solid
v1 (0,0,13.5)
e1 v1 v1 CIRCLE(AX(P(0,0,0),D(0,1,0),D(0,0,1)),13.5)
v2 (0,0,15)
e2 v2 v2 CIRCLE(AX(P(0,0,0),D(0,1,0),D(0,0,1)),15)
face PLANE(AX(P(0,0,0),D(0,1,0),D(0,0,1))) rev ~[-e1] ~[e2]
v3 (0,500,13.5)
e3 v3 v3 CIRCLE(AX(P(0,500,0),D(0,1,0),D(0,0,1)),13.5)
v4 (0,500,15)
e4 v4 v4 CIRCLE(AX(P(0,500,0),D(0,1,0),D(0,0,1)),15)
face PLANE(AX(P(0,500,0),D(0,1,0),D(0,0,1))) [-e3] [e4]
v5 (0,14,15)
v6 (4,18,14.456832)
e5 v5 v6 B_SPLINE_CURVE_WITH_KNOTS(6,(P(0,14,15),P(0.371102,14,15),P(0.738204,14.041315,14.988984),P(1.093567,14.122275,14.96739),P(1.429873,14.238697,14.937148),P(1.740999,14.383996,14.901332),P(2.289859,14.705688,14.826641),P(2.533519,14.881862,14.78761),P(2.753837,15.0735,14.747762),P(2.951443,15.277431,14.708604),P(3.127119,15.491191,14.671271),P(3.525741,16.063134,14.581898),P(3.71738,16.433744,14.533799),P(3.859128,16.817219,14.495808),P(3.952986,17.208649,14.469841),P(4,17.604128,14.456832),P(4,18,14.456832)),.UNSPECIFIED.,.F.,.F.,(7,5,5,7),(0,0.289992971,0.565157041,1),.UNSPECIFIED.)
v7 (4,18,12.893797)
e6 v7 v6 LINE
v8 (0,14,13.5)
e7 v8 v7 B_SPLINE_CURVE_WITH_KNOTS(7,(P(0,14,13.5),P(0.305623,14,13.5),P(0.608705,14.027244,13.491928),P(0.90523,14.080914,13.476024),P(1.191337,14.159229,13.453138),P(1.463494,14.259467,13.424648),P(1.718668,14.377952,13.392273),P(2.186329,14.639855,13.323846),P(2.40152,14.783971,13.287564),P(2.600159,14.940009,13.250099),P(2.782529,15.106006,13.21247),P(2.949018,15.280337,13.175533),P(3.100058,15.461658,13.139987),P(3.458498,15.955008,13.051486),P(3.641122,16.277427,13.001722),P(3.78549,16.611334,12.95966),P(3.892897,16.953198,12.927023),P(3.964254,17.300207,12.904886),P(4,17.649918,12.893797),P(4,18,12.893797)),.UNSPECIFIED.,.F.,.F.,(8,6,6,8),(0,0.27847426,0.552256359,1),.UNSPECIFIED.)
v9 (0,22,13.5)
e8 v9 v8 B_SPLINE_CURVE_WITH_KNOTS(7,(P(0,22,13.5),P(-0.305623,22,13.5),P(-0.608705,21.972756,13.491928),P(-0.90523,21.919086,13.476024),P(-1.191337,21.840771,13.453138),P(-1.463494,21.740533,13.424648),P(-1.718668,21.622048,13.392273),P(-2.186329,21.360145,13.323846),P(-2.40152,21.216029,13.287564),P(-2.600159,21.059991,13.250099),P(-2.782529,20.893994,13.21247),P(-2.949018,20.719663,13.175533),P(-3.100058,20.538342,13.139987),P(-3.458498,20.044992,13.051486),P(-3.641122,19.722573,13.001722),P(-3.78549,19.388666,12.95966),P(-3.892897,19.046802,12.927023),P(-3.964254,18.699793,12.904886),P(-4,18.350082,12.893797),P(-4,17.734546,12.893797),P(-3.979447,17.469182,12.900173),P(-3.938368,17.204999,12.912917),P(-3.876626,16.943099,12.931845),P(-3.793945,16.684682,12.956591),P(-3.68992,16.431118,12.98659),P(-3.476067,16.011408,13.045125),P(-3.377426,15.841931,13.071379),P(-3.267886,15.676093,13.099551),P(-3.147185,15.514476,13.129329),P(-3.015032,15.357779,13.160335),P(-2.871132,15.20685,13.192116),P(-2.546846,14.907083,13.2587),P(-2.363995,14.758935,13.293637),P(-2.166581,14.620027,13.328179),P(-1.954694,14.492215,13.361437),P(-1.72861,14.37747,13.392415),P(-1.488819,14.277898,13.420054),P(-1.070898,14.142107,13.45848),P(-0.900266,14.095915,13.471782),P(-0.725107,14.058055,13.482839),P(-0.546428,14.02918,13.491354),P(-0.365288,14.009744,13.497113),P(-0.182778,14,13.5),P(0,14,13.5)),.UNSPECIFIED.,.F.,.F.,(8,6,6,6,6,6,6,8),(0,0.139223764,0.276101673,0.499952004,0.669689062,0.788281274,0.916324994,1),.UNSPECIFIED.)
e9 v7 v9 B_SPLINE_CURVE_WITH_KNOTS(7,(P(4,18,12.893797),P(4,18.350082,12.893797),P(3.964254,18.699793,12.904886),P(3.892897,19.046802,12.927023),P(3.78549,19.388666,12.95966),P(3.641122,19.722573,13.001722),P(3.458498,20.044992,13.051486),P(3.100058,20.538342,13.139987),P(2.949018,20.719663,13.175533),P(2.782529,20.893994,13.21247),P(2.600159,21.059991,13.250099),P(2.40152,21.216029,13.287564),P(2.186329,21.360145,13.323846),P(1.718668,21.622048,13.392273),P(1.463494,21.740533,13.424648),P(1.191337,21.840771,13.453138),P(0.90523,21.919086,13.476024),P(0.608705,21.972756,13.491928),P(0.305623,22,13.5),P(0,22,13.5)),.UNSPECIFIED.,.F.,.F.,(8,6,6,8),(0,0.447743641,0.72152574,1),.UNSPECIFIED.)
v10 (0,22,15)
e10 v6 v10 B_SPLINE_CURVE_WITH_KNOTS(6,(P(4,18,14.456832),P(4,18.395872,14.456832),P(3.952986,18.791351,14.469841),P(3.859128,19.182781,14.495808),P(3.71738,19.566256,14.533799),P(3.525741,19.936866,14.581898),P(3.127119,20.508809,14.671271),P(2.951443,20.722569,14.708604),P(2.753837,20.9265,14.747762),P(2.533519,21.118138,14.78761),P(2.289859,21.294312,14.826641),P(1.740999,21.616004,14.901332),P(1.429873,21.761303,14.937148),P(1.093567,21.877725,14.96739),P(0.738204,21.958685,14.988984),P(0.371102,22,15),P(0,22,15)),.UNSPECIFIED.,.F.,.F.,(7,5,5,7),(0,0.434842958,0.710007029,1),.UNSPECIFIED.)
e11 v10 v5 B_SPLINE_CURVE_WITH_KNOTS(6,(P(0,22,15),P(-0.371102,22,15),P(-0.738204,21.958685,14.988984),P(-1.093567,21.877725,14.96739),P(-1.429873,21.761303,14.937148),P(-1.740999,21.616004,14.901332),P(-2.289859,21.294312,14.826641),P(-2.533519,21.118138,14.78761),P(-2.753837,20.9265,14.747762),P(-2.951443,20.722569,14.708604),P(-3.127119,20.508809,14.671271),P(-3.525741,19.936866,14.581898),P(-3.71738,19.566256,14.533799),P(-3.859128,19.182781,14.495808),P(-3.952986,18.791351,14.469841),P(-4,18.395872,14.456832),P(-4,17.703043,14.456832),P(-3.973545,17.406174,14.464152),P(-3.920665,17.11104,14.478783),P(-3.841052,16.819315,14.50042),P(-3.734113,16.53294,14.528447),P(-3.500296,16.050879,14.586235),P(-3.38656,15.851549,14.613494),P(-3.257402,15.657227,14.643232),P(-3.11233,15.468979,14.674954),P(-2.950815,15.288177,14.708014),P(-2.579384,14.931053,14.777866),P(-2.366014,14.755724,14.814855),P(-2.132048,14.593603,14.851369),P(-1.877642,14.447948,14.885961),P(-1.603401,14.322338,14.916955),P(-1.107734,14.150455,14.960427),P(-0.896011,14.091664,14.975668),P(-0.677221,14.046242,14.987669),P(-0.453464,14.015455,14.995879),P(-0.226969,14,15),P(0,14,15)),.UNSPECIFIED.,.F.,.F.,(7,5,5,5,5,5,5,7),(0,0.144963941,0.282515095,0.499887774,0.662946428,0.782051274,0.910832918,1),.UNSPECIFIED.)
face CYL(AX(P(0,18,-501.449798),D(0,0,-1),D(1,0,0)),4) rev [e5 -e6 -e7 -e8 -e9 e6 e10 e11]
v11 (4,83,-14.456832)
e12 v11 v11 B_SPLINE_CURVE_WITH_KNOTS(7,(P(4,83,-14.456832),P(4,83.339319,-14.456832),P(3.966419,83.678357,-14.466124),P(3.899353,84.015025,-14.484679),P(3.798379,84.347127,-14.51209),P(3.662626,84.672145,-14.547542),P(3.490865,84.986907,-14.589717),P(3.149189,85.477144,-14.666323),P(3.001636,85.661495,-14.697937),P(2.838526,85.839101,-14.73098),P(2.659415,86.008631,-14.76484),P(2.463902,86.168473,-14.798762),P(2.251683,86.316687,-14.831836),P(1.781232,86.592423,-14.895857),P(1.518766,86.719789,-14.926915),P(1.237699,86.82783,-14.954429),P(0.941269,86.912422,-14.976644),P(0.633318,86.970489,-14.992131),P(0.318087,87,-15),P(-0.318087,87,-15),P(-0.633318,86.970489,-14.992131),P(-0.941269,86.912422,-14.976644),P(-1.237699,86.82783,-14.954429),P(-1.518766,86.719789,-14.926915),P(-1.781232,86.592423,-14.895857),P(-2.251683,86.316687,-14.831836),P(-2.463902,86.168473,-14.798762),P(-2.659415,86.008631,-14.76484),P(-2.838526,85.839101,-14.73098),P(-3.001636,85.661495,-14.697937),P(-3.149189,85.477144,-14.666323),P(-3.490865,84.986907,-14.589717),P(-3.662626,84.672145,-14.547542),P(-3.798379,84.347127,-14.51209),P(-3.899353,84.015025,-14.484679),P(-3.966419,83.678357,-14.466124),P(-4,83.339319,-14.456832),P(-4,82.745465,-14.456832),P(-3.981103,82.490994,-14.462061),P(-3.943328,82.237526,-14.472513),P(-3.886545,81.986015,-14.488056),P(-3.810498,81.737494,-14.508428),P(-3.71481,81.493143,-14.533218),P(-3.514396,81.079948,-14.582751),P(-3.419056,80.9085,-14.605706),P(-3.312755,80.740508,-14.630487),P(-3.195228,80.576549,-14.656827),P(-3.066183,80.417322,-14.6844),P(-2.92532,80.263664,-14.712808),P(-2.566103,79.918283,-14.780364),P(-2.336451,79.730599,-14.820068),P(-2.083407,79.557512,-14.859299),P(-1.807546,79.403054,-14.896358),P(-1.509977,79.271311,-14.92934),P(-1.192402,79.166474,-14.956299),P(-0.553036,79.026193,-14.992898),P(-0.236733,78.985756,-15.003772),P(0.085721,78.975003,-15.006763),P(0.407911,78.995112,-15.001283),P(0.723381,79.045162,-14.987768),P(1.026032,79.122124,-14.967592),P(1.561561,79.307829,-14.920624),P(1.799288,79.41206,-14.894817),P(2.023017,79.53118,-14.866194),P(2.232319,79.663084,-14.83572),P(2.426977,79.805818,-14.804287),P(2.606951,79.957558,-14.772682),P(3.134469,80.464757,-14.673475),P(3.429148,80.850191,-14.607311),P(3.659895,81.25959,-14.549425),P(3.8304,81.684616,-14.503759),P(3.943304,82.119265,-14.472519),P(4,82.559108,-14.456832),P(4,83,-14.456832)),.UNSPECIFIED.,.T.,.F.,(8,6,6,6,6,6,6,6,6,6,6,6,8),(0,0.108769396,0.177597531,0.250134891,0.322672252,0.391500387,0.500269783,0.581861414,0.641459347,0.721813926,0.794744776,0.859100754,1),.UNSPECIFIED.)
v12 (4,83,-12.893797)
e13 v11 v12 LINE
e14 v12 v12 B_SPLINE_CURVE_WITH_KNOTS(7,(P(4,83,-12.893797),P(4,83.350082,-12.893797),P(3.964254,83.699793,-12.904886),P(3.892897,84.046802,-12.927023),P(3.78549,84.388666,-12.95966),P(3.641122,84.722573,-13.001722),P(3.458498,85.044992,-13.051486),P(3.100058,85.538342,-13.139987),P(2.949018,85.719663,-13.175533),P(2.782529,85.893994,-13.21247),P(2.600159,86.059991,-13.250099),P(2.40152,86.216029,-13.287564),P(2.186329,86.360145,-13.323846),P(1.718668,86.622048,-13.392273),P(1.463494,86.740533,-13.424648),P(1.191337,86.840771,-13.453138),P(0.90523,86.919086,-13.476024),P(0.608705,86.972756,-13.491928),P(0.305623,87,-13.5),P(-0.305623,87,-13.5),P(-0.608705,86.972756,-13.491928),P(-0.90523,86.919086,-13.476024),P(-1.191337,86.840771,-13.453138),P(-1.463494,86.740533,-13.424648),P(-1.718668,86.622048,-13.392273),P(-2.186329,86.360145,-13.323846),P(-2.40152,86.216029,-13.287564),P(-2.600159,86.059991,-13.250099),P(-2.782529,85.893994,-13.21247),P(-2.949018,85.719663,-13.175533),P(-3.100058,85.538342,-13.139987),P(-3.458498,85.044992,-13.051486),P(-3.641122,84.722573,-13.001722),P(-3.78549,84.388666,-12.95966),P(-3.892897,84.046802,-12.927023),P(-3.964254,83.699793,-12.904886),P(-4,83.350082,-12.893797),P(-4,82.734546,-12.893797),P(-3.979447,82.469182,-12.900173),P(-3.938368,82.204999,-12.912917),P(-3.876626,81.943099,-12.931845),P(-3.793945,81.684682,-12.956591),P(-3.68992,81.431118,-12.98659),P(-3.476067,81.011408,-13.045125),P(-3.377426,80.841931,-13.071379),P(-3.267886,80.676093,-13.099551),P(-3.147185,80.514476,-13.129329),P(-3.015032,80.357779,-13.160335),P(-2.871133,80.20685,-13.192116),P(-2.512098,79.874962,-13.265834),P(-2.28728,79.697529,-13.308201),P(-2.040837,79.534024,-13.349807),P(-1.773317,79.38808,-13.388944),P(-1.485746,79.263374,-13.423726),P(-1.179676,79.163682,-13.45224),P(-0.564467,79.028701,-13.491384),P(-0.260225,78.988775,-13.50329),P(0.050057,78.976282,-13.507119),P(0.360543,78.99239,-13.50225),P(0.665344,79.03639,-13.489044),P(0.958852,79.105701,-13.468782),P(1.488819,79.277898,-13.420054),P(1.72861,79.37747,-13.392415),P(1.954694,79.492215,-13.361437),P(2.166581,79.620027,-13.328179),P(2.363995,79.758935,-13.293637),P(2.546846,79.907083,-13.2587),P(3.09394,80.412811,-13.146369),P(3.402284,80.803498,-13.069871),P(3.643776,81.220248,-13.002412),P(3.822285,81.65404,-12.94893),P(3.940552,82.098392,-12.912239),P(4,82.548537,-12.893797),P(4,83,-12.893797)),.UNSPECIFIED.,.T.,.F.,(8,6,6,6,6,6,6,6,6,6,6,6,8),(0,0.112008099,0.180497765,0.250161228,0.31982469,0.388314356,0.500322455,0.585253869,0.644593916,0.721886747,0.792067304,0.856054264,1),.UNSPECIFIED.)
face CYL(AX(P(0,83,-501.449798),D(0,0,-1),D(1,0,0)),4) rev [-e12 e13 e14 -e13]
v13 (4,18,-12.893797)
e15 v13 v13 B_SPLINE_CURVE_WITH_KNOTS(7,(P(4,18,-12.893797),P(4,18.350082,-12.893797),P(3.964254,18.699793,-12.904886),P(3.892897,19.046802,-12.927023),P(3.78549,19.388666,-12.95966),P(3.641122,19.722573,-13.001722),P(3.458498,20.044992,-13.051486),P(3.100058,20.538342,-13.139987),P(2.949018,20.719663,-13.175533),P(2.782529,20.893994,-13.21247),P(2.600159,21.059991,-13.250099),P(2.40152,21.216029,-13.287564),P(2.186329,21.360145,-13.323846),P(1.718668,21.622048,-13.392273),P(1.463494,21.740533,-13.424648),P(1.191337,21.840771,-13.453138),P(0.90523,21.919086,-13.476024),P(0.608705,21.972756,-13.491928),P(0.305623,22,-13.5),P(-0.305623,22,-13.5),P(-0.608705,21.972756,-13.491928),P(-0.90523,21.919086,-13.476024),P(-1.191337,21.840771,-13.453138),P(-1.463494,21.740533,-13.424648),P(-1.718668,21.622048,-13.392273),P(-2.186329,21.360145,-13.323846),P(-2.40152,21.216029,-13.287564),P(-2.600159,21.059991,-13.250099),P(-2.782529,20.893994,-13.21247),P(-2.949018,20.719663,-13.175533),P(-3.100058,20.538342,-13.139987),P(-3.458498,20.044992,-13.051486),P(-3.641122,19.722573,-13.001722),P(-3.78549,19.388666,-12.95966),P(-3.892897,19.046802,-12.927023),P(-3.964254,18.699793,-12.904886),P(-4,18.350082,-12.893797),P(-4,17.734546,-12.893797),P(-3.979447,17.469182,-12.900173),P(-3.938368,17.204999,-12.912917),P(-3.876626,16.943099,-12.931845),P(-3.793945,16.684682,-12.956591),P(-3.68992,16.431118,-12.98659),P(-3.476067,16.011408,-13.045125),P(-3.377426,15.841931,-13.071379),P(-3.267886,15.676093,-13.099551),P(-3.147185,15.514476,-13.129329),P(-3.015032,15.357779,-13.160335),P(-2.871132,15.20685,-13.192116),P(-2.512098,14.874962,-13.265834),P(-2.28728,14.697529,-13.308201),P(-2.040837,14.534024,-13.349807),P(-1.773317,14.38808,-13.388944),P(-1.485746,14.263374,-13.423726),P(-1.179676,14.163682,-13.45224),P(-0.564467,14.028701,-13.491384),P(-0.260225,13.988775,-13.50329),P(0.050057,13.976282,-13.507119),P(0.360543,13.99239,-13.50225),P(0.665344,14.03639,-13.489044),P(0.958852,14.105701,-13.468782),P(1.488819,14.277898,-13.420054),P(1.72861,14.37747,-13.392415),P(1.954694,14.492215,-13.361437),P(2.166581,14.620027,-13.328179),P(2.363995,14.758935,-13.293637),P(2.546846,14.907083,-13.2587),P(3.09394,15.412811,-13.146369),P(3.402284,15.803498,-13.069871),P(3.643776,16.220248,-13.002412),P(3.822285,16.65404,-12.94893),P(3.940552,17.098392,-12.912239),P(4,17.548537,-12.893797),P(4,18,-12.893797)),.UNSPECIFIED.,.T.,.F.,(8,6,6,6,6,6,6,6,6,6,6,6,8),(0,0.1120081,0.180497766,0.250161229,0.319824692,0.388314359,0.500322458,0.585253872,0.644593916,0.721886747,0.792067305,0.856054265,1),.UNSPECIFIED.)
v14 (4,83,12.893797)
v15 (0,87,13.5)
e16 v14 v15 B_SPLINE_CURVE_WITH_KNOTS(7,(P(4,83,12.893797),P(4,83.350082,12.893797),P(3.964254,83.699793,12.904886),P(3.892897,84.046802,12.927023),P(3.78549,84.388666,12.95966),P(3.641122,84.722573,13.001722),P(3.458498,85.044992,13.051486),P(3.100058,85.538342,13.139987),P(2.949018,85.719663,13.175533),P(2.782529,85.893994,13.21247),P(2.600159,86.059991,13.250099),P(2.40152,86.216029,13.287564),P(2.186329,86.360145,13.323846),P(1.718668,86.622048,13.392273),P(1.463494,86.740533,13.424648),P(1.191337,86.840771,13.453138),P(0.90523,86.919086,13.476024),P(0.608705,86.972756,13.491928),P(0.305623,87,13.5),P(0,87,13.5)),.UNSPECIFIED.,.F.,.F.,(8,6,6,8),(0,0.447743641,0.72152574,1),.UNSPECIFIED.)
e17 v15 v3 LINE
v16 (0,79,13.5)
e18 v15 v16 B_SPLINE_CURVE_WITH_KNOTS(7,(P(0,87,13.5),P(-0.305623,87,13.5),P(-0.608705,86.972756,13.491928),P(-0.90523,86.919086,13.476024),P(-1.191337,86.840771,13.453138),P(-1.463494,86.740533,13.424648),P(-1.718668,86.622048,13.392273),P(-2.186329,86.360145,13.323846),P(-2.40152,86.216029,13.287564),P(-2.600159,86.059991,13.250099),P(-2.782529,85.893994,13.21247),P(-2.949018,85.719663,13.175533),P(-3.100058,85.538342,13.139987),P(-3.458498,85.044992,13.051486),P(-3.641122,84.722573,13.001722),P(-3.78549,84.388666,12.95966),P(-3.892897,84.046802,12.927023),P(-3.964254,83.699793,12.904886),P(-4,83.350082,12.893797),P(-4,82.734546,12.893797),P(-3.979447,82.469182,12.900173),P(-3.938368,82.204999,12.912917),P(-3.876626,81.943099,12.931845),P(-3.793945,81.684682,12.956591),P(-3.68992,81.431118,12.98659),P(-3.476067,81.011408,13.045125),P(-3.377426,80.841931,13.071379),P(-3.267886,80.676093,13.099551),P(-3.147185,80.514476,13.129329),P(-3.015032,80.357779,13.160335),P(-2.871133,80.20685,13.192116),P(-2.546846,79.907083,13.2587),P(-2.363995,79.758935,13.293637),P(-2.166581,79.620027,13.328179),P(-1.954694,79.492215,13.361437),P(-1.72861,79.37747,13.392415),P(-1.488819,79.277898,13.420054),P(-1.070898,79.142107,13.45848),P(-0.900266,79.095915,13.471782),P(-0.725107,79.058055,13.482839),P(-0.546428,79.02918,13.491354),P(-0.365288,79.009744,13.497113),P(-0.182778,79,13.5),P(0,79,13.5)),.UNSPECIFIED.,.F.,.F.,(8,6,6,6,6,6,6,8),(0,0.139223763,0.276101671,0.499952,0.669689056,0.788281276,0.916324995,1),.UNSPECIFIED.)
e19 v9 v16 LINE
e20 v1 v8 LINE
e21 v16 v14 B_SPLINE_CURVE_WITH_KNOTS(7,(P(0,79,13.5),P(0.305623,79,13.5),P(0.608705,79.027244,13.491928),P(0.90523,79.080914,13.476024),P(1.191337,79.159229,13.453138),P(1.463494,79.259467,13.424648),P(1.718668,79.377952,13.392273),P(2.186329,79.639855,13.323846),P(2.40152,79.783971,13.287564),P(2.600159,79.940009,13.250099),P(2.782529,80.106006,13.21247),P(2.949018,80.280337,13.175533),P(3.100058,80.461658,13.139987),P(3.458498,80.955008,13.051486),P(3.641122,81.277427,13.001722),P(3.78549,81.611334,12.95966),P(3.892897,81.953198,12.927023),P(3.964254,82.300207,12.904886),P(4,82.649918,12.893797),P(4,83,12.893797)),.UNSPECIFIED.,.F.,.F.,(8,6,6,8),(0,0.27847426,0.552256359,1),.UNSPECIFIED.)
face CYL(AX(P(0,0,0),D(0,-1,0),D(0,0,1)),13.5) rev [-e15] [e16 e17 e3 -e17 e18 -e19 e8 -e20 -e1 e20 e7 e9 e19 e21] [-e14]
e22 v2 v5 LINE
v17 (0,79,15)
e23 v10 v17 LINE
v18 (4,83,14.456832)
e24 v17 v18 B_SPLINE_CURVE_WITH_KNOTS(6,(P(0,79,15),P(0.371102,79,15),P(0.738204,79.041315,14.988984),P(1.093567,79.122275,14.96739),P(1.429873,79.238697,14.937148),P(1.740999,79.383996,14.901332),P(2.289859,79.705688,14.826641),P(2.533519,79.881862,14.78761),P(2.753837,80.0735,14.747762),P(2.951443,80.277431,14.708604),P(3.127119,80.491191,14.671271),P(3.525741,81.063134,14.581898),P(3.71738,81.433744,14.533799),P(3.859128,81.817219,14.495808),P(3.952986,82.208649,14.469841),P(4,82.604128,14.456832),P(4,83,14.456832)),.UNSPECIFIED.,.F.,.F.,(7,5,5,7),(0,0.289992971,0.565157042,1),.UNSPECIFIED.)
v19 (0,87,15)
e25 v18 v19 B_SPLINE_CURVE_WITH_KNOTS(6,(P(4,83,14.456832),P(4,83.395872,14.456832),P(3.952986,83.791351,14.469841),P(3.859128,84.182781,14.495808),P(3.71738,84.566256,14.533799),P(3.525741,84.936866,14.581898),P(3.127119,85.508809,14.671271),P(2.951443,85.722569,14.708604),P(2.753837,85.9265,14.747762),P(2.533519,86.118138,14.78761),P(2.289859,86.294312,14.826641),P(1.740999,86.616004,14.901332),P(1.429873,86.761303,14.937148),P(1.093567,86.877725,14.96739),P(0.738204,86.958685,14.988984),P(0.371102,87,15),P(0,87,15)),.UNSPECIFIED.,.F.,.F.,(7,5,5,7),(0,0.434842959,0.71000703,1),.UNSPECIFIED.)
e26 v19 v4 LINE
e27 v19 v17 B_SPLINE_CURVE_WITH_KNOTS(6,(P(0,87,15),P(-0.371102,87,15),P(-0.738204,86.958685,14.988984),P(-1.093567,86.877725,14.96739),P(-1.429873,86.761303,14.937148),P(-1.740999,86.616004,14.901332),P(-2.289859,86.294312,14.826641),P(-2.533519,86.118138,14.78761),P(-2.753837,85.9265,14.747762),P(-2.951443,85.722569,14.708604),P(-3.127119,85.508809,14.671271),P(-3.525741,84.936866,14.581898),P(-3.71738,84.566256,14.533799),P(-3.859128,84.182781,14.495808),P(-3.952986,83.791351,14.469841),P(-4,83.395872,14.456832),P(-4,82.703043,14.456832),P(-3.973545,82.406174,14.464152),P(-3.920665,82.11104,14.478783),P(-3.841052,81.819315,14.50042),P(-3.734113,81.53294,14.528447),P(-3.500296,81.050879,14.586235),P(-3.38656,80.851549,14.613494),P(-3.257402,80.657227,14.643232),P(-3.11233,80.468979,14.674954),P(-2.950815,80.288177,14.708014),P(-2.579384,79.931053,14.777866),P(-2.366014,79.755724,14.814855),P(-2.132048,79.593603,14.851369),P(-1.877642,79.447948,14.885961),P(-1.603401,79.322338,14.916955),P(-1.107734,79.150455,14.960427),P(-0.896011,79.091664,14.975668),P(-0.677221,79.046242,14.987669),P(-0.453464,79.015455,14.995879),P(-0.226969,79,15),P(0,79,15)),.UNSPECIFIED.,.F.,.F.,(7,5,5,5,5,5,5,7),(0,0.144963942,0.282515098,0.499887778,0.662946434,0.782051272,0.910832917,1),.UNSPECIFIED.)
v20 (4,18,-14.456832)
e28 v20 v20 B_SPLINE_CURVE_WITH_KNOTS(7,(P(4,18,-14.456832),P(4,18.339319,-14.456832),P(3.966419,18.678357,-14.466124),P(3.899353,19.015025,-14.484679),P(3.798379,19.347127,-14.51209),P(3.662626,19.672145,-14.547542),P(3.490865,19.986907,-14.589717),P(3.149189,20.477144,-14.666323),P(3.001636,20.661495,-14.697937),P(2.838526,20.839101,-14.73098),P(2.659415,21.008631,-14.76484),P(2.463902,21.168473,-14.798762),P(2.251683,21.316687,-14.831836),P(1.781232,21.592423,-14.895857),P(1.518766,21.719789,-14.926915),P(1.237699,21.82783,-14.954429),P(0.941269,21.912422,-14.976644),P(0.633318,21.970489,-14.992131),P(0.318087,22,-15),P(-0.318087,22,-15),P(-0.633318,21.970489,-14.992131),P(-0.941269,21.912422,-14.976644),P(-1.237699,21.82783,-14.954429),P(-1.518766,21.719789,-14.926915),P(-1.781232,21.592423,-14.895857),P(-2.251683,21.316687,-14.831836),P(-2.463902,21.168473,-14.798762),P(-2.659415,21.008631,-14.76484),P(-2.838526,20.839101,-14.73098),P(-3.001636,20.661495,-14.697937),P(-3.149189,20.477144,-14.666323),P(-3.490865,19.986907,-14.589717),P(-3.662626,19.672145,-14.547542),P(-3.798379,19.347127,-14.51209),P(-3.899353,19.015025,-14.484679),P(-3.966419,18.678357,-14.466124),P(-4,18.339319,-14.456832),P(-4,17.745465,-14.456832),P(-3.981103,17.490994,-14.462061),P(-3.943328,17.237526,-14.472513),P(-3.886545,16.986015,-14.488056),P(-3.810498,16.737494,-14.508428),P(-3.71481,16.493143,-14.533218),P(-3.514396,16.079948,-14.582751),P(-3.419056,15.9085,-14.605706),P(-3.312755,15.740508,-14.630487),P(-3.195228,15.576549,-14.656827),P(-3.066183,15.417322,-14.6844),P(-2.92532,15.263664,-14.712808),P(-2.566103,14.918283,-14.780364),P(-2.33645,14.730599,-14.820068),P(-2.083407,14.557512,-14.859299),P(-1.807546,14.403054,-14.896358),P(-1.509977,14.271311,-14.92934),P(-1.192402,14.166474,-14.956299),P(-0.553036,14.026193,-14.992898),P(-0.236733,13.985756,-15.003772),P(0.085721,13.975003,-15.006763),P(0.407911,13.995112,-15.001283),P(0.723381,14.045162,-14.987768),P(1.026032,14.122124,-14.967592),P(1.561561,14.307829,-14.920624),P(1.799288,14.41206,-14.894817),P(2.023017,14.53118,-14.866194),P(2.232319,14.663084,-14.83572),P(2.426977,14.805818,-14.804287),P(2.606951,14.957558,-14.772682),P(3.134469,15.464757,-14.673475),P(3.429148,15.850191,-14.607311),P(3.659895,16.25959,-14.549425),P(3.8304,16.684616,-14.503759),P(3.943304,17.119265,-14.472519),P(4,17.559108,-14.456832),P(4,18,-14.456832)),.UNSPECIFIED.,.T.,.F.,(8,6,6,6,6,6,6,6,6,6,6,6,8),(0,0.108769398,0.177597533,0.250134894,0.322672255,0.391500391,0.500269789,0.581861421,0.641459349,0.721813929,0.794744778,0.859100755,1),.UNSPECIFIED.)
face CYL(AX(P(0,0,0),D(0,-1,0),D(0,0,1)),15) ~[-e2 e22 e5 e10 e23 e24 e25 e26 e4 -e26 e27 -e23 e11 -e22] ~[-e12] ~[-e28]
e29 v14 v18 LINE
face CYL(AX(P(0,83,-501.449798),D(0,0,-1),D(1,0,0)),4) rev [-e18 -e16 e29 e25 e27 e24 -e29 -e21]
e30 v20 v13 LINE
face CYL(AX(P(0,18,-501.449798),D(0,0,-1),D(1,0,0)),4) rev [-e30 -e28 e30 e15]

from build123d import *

# Parameters (mm, degrees)
SKETCH1_R               = 15
SKETCH1_R_2             = 13.5
BOSS_EXTRUDE1_DEPTH     = 500
CUT_EXTRUDE1_DEPTH      = 501.449797682
CUT_EXTRUDE1_DEPTH_BACK = 501.449797682
SKETCH2_R               = 4


with BuildPart() as part:
    # Sketch1 → Boss-Extrude1 (new body)
    with BuildSketch(Plane(origin=(0, 0, 0), x_dir=(1, 0, 0), z_dir=(0, 1, 0))):
        with Locations(Location((0, 0, 0), (0, 0, 270))):
            Circle(SKETCH1_R)
        with Locations(Location((0, 0, 0), (0, 0, 270))):
            Circle(SKETCH1_R_2, mode=Mode.SUBTRACT)
    extrude(amount=BOSS_EXTRUDE1_DEPTH)

    # Sketch2 → Cut-Extrude1 (cut, two sides: drawn at the far end of the back side and taken through both)
    with BuildSketch(Plane.XY.offset(-CUT_EXTRUDE1_DEPTH_BACK)):
        with Locations((0, 18)):
            Circle(SKETCH2_R)
        with Locations((0, 83)):
            Circle(SKETCH2_R)
    extrude(amount=CUT_EXTRUDE1_DEPTH + CUT_EXTRUDE1_DEPTH_BACK, mode=Mode.SUBTRACT)


solid = part.part
